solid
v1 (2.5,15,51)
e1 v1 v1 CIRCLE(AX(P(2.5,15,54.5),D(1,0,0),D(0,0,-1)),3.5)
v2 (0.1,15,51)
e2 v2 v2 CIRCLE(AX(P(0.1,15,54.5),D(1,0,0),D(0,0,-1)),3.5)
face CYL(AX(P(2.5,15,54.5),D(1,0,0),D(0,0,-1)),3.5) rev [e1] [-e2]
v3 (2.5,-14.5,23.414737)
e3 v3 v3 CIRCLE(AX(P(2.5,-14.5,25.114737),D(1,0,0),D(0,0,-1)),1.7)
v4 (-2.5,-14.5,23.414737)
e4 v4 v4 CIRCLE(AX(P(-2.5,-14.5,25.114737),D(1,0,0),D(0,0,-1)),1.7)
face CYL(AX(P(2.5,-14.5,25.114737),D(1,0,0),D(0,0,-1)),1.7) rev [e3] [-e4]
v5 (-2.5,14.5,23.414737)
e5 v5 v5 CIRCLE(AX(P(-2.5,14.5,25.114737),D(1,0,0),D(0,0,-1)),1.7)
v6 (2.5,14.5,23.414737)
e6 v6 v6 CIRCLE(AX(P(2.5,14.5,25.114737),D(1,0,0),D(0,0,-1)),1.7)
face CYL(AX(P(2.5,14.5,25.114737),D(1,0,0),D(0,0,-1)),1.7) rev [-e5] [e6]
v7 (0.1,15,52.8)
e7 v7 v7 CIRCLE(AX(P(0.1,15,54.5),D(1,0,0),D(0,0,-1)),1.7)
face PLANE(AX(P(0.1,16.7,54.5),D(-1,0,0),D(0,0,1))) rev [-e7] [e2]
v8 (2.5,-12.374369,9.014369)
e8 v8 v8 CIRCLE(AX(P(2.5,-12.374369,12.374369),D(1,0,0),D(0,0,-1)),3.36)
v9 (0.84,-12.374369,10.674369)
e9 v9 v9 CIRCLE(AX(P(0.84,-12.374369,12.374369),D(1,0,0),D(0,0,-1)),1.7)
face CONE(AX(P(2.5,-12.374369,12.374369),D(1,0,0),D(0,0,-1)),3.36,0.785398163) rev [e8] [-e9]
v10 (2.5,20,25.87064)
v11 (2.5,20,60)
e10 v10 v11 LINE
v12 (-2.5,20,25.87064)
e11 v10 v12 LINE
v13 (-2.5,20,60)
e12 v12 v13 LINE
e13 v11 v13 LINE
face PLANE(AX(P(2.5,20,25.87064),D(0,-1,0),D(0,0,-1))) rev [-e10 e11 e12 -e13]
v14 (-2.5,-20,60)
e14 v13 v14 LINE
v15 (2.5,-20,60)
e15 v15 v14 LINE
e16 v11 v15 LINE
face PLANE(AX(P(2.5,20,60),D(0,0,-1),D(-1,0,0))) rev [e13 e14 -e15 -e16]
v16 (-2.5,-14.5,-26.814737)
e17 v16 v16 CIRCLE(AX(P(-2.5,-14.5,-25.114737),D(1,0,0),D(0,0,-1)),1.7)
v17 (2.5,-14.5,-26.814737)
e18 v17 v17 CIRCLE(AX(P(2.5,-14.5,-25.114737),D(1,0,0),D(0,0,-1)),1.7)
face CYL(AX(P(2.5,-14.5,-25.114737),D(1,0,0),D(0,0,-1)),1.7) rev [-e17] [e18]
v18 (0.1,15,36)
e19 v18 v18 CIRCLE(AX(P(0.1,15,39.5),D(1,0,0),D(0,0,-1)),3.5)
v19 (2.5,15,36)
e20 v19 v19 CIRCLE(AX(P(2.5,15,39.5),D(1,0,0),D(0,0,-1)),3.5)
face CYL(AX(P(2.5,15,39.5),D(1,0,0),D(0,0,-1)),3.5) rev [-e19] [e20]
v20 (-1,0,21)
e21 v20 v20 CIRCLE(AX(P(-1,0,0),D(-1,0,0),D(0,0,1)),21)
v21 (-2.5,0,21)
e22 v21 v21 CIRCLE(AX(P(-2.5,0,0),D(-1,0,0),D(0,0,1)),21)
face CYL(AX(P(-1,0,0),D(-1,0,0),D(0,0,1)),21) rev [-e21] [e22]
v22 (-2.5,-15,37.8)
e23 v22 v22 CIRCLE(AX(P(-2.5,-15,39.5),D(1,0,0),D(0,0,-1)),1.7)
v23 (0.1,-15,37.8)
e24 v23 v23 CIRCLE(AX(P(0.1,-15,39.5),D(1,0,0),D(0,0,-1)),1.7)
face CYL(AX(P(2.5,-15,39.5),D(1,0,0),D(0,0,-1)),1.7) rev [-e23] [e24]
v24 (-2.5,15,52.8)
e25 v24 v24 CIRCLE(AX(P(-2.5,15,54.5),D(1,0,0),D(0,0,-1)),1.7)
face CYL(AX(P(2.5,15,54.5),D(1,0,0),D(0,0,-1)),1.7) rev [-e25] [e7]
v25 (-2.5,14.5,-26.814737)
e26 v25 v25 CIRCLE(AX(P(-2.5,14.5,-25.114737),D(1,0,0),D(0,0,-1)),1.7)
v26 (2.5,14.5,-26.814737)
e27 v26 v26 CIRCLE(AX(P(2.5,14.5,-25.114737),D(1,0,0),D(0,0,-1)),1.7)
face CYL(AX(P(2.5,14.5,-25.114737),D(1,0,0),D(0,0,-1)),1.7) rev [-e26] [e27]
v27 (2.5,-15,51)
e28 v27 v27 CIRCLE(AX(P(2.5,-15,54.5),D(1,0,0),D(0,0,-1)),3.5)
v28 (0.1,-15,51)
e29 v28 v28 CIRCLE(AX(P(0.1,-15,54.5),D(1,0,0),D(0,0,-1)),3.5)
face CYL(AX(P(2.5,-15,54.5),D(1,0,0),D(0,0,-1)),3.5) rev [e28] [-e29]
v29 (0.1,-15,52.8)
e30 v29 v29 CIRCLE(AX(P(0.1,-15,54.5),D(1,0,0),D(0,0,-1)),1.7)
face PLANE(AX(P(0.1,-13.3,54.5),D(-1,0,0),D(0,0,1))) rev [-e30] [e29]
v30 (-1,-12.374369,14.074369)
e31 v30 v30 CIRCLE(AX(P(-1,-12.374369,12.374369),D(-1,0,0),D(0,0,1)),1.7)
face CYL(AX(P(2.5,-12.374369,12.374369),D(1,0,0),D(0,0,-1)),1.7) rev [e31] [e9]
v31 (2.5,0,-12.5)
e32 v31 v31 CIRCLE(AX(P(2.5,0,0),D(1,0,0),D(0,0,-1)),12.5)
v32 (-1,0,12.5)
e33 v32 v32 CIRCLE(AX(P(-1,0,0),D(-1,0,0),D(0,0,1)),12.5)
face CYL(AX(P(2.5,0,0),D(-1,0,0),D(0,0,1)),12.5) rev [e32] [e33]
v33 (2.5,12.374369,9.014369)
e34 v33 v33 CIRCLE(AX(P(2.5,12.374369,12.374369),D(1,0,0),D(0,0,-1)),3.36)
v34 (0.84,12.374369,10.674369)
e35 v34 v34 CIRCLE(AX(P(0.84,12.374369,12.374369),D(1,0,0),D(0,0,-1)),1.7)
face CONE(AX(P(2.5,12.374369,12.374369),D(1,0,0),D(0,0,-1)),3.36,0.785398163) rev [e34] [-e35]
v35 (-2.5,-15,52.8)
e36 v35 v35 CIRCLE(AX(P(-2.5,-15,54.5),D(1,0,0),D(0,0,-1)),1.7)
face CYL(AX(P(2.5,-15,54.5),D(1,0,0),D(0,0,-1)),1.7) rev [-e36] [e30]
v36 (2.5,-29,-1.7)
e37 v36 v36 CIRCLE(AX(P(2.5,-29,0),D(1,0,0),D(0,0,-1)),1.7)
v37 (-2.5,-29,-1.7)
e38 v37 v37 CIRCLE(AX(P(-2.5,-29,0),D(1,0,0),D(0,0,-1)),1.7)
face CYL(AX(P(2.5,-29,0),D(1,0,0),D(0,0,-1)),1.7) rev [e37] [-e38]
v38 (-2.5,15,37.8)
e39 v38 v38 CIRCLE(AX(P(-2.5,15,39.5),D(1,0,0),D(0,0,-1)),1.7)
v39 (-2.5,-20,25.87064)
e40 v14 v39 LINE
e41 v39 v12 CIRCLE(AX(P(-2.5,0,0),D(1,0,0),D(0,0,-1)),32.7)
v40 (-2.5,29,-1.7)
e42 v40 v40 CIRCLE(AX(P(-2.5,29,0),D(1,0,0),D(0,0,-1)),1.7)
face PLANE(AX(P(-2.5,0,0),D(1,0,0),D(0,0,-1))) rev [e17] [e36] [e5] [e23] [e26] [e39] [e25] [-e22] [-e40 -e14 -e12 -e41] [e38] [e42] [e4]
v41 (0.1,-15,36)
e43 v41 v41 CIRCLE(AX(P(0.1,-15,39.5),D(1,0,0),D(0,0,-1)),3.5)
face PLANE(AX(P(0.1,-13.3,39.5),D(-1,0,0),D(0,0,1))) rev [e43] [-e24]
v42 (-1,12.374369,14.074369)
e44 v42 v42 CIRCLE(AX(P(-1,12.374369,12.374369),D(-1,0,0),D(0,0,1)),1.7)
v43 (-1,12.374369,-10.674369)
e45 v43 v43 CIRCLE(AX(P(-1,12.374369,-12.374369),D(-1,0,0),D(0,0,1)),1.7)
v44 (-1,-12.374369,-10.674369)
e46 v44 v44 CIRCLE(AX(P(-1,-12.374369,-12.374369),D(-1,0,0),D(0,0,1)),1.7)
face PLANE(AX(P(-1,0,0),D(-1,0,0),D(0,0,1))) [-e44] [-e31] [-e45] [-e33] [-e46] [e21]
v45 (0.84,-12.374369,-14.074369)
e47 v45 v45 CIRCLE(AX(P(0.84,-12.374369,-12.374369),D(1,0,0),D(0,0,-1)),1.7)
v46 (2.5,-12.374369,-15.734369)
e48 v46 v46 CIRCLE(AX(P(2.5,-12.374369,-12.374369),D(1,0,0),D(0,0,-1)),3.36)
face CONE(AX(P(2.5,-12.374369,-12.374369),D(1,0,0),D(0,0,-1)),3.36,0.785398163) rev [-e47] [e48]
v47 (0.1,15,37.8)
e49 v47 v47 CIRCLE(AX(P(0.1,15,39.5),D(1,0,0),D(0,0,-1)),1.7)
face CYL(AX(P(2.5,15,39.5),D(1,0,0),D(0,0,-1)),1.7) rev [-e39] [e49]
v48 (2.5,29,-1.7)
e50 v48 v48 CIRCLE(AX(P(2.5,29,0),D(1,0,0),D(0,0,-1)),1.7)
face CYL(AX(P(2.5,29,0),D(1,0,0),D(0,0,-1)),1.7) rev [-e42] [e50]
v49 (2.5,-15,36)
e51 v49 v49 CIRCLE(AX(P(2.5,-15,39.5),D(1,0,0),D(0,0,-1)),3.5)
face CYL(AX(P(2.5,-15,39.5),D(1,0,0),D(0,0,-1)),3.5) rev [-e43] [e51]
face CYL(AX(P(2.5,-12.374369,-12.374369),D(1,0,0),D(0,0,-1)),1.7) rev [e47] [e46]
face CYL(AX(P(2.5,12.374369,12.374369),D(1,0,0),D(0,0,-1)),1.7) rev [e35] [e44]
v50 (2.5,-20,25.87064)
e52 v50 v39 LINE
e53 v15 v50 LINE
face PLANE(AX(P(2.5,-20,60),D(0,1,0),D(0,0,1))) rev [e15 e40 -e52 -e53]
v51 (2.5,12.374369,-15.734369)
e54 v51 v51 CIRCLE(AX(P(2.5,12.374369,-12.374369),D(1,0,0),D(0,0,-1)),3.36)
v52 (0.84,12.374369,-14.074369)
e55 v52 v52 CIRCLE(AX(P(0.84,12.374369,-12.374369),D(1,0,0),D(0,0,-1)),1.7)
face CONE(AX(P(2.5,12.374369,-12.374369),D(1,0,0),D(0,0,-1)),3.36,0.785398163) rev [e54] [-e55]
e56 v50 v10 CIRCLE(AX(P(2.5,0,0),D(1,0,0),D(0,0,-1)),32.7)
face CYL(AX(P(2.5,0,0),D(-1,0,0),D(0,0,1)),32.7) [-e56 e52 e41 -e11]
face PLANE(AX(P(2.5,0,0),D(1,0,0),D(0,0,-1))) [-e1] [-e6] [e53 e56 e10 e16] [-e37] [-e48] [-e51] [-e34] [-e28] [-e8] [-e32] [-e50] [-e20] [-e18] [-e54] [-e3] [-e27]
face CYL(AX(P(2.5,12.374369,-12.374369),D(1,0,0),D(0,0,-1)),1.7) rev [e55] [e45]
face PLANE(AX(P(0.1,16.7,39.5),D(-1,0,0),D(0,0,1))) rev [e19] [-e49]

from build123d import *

# Parameters (mm, degrees)
CROQUIS1_R                                           = 12.5
SALIENTE_EXTRUIR1_DEPTH                              = 2.5
CROQUIS2_R                                           = 21
CORTAR_EXTRUIR1_DEPTH                                = 1.5
REFRENTADO_PARA_TORNILLO_TAP_N_CON_CABEZ_D           = 3.4
REFRENTADO_PARA_TORNILLO_TAP_N_CON_CABEZ_DEPTH       = 10
REFRENTADO_PARA_TORNILLO_TAP_N_CON_CABEZ_CSINK_D     = 6.72
REFRENTADO_PARA_TORNILLO_TAP_N_CON_CABEZ_CSINK_ANGLE = 90
REFRENTADO_PARA_TORNILLO_TAP_N_CON_CABEZ_TIP         = 1.021463052
TALADRO_DE_MARGEN_PARA_M31_D                         = 3.4
REFRENTADO_PARA_TORNILLO_CON_CABEZA_TRON_D           = 3.4
REFRENTADO_PARA_TORNILLO_CON_CABEZA_TRON_CBORE_D     = 7
REFRENTADO_PARA_TORNILLO_CON_CABEZA_TRON_CBORE_DEPTH = 2.4


with BuildPart() as part:
    # Croquis1 → Saliente-Extruir1 (new, symmetric)
    with BuildSketch(Plane(origin=(0, 0, 0), x_dir=(0, 0, -1), z_dir=(1, 0, 0))):
        with BuildLine():
            Line((-25.870639729, 20), (-60, 20))
            Line((-60, 20), (-60, -20))
            Line((-60, -20), (-25.870639729, -20))
            ThreePointArc((-25.870639729, -20), (32.7, 0), (-25.870639729, 20))
        make_face()
        Circle(CROQUIS1_R, mode=Mode.SUBTRACT)
    extrude(amount=SALIENTE_EXTRUIR1_DEPTH, both=True)

    # Croquis2 → Cortar-Extruir1 (cut)
    with BuildSketch(Plane.ZY.offset(2.5)):
        Circle(CROQUIS2_R)
    extrude(amount=-CORTAR_EXTRUIR1_DEPTH, mode=Mode.SUBTRACT)

    # Refrentado para tornillo tapón con cabeza plana de clavija de M31
    with Locations(Plane(origin=(2.5, 0, 0), x_dir=(0, 0, -1), z_dir=(1, 0, 0))):
        with Locations((12.374368671, 12.374368671), (-12.374368671, -12.374368671), (-12.374368671, 12.374368671), (12.374368671, -12.374368671)):
            CounterSinkHole(REFRENTADO_PARA_TORNILLO_TAP_N_CON_CABEZ_D / 2, REFRENTADO_PARA_TORNILLO_TAP_N_CON_CABEZ_CSINK_D / 2, depth=REFRENTADO_PARA_TORNILLO_TAP_N_CON_CABEZ_DEPTH, counter_sink_angle=REFRENTADO_PARA_TORNILLO_TAP_N_CON_CABEZ_CSINK_ANGLE)
            with Locations((0, 0, -(REFRENTADO_PARA_TORNILLO_TAP_N_CON_CABEZ_DEPTH + REFRENTADO_PARA_TORNILLO_TAP_N_CON_CABEZ_TIP / 2))):  # 118° drill point
                Cone(0, REFRENTADO_PARA_TORNILLO_TAP_N_CON_CABEZ_D / 2, REFRENTADO_PARA_TORNILLO_TAP_N_CON_CABEZ_TIP, mode=Mode.SUBTRACT)

    # Taladro de margen para M31 (through all)
    with Locations(Plane(origin=(2.5, 0, 0), x_dir=(0, 0, -1), z_dir=(1, 0, 0))):
        with Locations((0, 29), (25.11473671, 14.5), (25.11473671, -14.5), (0, -29), (-25.11473671, -14.5), (-25.11473671, 14.5)):
            Hole(TALADRO_DE_MARGEN_PARA_M31_D / 2)

    # Refrentado para tornillo con cabeza troncocónica de M31 (through all)
    with Locations(Plane(origin=(2.5, 0, 0), x_dir=(0, 0, -1), z_dir=(1, 0, 0))):
        with Locations((-39.5, 15), (-54.5, -15), (-54.5, 15), (-39.5, -15)):
            CounterBoreHole(REFRENTADO_PARA_TORNILLO_CON_CABEZA_TRON_D / 2, REFRENTADO_PARA_TORNILLO_CON_CABEZA_TRON_CBORE_D / 2, REFRENTADO_PARA_TORNILLO_CON_CABEZA_TRON_CBORE_DEPTH)


solid = part.part
